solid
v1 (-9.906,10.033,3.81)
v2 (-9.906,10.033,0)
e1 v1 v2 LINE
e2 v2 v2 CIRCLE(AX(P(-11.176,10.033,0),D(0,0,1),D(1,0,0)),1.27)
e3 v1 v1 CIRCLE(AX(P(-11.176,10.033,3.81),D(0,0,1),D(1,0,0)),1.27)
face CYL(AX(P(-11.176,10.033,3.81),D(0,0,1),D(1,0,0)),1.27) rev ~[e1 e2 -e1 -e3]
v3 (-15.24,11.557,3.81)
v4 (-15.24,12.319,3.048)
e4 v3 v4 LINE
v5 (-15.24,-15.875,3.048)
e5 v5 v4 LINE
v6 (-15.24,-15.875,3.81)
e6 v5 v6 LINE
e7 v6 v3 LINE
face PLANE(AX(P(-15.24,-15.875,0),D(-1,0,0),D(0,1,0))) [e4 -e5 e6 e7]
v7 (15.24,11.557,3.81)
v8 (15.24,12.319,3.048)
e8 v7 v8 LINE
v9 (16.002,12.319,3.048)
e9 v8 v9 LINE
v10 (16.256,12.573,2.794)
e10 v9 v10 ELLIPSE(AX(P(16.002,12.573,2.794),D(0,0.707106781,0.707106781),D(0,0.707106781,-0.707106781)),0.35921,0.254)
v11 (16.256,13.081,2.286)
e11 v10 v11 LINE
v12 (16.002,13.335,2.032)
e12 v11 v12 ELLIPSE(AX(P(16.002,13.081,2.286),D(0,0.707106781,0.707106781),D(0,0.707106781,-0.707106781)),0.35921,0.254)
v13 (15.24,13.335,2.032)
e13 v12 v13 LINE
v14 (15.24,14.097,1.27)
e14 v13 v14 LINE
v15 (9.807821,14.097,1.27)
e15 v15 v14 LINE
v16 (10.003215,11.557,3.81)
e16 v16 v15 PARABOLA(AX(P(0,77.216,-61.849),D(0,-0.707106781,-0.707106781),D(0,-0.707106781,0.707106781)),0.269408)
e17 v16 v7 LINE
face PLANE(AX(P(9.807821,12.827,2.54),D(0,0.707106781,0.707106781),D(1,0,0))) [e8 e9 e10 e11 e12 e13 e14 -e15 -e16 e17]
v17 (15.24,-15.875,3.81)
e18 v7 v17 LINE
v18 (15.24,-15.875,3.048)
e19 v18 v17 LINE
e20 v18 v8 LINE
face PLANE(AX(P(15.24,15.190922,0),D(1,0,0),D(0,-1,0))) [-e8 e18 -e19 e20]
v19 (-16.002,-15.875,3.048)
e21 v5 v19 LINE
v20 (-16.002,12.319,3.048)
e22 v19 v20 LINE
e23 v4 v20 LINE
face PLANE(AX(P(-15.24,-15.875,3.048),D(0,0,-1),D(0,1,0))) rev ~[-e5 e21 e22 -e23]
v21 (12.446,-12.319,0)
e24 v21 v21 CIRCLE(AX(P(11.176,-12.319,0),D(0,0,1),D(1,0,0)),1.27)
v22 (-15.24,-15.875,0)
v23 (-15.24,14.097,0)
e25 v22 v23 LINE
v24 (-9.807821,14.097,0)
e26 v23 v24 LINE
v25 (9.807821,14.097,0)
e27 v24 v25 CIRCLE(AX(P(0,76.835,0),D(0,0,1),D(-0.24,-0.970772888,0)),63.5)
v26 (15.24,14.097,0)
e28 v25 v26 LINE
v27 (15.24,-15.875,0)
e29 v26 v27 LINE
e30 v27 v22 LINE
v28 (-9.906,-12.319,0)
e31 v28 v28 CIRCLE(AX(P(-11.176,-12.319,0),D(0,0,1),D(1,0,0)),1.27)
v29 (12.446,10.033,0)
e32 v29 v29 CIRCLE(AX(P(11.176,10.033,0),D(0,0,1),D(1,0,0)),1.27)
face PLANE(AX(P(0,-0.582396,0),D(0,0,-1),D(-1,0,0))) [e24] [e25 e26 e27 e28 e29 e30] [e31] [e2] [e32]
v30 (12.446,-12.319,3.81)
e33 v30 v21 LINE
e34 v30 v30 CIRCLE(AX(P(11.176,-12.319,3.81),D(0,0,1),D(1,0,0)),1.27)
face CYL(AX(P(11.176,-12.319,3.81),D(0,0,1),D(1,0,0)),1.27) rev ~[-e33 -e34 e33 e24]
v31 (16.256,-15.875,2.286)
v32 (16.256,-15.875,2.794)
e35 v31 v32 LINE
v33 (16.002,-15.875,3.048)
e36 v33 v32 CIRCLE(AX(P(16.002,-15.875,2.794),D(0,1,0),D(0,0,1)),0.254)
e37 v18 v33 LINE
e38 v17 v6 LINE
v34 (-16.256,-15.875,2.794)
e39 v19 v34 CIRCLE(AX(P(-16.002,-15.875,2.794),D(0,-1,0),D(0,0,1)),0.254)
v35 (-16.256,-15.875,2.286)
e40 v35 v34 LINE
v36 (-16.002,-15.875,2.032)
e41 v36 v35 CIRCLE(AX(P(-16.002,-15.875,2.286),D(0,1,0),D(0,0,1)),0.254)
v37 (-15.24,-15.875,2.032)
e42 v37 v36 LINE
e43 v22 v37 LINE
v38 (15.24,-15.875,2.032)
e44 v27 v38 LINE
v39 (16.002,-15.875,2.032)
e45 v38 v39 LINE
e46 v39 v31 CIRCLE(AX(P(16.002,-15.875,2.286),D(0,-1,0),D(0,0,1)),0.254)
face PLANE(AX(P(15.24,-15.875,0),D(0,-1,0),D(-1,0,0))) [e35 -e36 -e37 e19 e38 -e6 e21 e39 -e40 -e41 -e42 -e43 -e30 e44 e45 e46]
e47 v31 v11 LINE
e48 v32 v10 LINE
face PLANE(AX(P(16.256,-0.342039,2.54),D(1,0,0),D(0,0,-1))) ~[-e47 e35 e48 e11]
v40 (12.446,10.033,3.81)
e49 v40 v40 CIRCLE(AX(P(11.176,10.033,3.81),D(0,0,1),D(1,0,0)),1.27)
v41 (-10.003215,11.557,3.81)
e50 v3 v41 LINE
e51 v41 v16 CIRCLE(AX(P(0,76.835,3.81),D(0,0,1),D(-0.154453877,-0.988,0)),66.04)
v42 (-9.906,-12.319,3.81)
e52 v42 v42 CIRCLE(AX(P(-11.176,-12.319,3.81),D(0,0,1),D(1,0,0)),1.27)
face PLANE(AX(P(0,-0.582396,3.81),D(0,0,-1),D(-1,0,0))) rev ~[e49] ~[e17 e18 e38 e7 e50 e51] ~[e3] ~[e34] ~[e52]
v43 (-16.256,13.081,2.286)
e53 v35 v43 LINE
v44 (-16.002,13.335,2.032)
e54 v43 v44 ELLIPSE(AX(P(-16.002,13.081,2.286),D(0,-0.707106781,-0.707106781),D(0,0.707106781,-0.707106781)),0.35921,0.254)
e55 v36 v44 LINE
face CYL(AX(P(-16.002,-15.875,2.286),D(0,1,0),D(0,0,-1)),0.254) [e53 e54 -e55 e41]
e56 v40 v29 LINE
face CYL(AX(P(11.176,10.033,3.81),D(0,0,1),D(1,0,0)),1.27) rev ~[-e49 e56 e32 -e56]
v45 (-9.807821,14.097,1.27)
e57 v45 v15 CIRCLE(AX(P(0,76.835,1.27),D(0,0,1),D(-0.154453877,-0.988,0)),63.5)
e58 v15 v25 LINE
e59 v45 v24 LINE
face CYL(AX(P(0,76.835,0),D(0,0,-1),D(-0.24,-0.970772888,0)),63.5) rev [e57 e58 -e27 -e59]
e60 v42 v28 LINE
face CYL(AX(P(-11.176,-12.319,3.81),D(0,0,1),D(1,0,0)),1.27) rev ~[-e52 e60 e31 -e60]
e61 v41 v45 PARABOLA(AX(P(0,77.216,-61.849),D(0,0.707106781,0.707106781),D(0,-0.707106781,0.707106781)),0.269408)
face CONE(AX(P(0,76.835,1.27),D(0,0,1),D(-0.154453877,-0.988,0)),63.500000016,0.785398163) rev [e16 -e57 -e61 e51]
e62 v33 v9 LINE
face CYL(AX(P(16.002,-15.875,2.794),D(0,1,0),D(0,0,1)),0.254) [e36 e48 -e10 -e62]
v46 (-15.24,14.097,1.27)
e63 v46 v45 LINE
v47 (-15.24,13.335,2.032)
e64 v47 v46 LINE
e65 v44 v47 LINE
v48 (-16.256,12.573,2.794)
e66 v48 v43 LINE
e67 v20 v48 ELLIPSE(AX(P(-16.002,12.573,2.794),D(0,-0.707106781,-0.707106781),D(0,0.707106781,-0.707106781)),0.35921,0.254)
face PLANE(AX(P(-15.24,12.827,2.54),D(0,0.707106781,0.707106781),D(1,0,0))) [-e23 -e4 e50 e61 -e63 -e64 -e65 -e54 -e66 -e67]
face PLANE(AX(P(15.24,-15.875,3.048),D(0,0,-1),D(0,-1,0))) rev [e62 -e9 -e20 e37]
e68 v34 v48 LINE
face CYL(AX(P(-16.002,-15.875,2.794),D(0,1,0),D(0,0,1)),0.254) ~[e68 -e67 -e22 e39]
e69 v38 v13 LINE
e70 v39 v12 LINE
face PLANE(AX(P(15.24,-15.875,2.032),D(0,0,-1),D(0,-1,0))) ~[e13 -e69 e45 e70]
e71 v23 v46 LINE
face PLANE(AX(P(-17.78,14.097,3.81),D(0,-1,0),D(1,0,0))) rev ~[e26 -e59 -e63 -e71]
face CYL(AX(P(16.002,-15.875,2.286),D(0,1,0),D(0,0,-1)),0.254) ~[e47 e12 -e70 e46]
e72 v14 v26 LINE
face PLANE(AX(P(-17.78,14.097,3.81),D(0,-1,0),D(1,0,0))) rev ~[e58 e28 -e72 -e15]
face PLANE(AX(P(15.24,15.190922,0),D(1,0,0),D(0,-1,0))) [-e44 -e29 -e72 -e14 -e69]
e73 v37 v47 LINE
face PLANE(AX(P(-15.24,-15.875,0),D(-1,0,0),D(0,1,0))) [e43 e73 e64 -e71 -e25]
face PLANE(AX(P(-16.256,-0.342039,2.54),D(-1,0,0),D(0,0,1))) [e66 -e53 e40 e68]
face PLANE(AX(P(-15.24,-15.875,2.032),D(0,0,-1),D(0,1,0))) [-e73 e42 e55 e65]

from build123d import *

# Parameters (mm, degrees)
BOSS_EXTRUDE1_DEPTH = 3.81
SKETCH3_R           = 1.27
CUT_EXTRUDE1_DEPTH  = 3.81
SKETCH4_W           = 1.016
SKETCH4_H           = 31.065921614
BOSS_EXTRUDE3_DEPTH = 1.016
FILLET2_R           = 0.254
FILLET3_R           = 0.254
SKETCH5_W           = 35.250778146
SKETCH5_H           = 1.778
CUT_EXTRUDE2_DEPTH  = 3.81
CHAMFER1_SIZE       = 2.54


with BuildPart() as part:
    # Sketch1 → Boss-Extrude1 (new body)
    with BuildSketch(Plane.XY):
        with BuildLine():
            Line((15.24, -15.875), (-15.24, -15.875))
            Line((-15.24, -15.875), (-15.24, 15.190921614))
            ThreePointArc((-15.24, 15.190921614), (0, 13.335), (15.24, 15.190921614))
            Line((15.24, 15.190921614), (15.24, -15.875))
        make_face()
    extrude(amount=BOSS_EXTRUDE1_DEPTH)

    # Sketch3 → Cut-Extrude1 (cut)
    with BuildSketch(Plane.XY.offset(3.81)):
        with Locations((-11.176, 10.033)):
            Circle(SKETCH3_R)
        with Locations((11.176, 10.033)):
            Circle(SKETCH3_R)
        with Locations((11.176, -12.319)):
            Circle(SKETCH3_R)
        with Locations((-11.176, -12.319)):
            Circle(SKETCH3_R)
    extrude(amount=-CUT_EXTRUDE1_DEPTH, mode=Mode.SUBTRACT)

    # Sketch4 → Boss-Extrude3 (add)
    with BuildSketch(Plane.ZY.offset(15.24)):
        with Locations((2.54, -0.342039193)):
            Rectangle(SKETCH4_W, SKETCH4_H)
    boss_extrude3 = extrude(amount=BOSS_EXTRUDE3_DEPTH)

    # Fillet2
    fillet2_edges = [part.edges().sort_by_distance(p)[0] for p in [
        (-16.256, -0.342039193, 2.032),
        (-16.256, -0.342039193, 3.048),
    ]]
    fillet(fillet2_edges, radius=FILLET2_R)

    # Mirror4: Boss-Extrude3 across plane
    add(boss_extrude3.mirror(Plane(origin=(0, 0, 0), x_dir=(0, 0, 1), z_dir=(1, 0, 0))))

    # Fillet3
    fillet3_edges = [part.edges().sort_by_distance(p)[0] for p in [
        (16.256, -0.342039193, 2.032),
        (16.256, -0.342039193, 3.048),
    ]]
    fillet(fillet3_edges, radius=FILLET3_R)

    # Sketch5 → Cut-Extrude2 (cut)
    with BuildSketch(Plane.XY.offset(3.81)):
        with Locations((-0.154610927, 14.986)):
            Rectangle(SKETCH5_W, SKETCH5_H)
    extrude(amount=-CUT_EXTRUDE2_DEPTH, mode=Mode.SUBTRACT)

    # Chamfer1
    chamfer1_edges = [part.edges().sort_by_distance(p)[0] for p in [
        (12.523910582, 14.097, 3.81),
        (-12.523910582, 14.097, 3.81),
        (0, 13.335, 3.81),
    ]]
    chamfer(chamfer1_edges, length=CHAMFER1_SIZE)


solid = part.part
